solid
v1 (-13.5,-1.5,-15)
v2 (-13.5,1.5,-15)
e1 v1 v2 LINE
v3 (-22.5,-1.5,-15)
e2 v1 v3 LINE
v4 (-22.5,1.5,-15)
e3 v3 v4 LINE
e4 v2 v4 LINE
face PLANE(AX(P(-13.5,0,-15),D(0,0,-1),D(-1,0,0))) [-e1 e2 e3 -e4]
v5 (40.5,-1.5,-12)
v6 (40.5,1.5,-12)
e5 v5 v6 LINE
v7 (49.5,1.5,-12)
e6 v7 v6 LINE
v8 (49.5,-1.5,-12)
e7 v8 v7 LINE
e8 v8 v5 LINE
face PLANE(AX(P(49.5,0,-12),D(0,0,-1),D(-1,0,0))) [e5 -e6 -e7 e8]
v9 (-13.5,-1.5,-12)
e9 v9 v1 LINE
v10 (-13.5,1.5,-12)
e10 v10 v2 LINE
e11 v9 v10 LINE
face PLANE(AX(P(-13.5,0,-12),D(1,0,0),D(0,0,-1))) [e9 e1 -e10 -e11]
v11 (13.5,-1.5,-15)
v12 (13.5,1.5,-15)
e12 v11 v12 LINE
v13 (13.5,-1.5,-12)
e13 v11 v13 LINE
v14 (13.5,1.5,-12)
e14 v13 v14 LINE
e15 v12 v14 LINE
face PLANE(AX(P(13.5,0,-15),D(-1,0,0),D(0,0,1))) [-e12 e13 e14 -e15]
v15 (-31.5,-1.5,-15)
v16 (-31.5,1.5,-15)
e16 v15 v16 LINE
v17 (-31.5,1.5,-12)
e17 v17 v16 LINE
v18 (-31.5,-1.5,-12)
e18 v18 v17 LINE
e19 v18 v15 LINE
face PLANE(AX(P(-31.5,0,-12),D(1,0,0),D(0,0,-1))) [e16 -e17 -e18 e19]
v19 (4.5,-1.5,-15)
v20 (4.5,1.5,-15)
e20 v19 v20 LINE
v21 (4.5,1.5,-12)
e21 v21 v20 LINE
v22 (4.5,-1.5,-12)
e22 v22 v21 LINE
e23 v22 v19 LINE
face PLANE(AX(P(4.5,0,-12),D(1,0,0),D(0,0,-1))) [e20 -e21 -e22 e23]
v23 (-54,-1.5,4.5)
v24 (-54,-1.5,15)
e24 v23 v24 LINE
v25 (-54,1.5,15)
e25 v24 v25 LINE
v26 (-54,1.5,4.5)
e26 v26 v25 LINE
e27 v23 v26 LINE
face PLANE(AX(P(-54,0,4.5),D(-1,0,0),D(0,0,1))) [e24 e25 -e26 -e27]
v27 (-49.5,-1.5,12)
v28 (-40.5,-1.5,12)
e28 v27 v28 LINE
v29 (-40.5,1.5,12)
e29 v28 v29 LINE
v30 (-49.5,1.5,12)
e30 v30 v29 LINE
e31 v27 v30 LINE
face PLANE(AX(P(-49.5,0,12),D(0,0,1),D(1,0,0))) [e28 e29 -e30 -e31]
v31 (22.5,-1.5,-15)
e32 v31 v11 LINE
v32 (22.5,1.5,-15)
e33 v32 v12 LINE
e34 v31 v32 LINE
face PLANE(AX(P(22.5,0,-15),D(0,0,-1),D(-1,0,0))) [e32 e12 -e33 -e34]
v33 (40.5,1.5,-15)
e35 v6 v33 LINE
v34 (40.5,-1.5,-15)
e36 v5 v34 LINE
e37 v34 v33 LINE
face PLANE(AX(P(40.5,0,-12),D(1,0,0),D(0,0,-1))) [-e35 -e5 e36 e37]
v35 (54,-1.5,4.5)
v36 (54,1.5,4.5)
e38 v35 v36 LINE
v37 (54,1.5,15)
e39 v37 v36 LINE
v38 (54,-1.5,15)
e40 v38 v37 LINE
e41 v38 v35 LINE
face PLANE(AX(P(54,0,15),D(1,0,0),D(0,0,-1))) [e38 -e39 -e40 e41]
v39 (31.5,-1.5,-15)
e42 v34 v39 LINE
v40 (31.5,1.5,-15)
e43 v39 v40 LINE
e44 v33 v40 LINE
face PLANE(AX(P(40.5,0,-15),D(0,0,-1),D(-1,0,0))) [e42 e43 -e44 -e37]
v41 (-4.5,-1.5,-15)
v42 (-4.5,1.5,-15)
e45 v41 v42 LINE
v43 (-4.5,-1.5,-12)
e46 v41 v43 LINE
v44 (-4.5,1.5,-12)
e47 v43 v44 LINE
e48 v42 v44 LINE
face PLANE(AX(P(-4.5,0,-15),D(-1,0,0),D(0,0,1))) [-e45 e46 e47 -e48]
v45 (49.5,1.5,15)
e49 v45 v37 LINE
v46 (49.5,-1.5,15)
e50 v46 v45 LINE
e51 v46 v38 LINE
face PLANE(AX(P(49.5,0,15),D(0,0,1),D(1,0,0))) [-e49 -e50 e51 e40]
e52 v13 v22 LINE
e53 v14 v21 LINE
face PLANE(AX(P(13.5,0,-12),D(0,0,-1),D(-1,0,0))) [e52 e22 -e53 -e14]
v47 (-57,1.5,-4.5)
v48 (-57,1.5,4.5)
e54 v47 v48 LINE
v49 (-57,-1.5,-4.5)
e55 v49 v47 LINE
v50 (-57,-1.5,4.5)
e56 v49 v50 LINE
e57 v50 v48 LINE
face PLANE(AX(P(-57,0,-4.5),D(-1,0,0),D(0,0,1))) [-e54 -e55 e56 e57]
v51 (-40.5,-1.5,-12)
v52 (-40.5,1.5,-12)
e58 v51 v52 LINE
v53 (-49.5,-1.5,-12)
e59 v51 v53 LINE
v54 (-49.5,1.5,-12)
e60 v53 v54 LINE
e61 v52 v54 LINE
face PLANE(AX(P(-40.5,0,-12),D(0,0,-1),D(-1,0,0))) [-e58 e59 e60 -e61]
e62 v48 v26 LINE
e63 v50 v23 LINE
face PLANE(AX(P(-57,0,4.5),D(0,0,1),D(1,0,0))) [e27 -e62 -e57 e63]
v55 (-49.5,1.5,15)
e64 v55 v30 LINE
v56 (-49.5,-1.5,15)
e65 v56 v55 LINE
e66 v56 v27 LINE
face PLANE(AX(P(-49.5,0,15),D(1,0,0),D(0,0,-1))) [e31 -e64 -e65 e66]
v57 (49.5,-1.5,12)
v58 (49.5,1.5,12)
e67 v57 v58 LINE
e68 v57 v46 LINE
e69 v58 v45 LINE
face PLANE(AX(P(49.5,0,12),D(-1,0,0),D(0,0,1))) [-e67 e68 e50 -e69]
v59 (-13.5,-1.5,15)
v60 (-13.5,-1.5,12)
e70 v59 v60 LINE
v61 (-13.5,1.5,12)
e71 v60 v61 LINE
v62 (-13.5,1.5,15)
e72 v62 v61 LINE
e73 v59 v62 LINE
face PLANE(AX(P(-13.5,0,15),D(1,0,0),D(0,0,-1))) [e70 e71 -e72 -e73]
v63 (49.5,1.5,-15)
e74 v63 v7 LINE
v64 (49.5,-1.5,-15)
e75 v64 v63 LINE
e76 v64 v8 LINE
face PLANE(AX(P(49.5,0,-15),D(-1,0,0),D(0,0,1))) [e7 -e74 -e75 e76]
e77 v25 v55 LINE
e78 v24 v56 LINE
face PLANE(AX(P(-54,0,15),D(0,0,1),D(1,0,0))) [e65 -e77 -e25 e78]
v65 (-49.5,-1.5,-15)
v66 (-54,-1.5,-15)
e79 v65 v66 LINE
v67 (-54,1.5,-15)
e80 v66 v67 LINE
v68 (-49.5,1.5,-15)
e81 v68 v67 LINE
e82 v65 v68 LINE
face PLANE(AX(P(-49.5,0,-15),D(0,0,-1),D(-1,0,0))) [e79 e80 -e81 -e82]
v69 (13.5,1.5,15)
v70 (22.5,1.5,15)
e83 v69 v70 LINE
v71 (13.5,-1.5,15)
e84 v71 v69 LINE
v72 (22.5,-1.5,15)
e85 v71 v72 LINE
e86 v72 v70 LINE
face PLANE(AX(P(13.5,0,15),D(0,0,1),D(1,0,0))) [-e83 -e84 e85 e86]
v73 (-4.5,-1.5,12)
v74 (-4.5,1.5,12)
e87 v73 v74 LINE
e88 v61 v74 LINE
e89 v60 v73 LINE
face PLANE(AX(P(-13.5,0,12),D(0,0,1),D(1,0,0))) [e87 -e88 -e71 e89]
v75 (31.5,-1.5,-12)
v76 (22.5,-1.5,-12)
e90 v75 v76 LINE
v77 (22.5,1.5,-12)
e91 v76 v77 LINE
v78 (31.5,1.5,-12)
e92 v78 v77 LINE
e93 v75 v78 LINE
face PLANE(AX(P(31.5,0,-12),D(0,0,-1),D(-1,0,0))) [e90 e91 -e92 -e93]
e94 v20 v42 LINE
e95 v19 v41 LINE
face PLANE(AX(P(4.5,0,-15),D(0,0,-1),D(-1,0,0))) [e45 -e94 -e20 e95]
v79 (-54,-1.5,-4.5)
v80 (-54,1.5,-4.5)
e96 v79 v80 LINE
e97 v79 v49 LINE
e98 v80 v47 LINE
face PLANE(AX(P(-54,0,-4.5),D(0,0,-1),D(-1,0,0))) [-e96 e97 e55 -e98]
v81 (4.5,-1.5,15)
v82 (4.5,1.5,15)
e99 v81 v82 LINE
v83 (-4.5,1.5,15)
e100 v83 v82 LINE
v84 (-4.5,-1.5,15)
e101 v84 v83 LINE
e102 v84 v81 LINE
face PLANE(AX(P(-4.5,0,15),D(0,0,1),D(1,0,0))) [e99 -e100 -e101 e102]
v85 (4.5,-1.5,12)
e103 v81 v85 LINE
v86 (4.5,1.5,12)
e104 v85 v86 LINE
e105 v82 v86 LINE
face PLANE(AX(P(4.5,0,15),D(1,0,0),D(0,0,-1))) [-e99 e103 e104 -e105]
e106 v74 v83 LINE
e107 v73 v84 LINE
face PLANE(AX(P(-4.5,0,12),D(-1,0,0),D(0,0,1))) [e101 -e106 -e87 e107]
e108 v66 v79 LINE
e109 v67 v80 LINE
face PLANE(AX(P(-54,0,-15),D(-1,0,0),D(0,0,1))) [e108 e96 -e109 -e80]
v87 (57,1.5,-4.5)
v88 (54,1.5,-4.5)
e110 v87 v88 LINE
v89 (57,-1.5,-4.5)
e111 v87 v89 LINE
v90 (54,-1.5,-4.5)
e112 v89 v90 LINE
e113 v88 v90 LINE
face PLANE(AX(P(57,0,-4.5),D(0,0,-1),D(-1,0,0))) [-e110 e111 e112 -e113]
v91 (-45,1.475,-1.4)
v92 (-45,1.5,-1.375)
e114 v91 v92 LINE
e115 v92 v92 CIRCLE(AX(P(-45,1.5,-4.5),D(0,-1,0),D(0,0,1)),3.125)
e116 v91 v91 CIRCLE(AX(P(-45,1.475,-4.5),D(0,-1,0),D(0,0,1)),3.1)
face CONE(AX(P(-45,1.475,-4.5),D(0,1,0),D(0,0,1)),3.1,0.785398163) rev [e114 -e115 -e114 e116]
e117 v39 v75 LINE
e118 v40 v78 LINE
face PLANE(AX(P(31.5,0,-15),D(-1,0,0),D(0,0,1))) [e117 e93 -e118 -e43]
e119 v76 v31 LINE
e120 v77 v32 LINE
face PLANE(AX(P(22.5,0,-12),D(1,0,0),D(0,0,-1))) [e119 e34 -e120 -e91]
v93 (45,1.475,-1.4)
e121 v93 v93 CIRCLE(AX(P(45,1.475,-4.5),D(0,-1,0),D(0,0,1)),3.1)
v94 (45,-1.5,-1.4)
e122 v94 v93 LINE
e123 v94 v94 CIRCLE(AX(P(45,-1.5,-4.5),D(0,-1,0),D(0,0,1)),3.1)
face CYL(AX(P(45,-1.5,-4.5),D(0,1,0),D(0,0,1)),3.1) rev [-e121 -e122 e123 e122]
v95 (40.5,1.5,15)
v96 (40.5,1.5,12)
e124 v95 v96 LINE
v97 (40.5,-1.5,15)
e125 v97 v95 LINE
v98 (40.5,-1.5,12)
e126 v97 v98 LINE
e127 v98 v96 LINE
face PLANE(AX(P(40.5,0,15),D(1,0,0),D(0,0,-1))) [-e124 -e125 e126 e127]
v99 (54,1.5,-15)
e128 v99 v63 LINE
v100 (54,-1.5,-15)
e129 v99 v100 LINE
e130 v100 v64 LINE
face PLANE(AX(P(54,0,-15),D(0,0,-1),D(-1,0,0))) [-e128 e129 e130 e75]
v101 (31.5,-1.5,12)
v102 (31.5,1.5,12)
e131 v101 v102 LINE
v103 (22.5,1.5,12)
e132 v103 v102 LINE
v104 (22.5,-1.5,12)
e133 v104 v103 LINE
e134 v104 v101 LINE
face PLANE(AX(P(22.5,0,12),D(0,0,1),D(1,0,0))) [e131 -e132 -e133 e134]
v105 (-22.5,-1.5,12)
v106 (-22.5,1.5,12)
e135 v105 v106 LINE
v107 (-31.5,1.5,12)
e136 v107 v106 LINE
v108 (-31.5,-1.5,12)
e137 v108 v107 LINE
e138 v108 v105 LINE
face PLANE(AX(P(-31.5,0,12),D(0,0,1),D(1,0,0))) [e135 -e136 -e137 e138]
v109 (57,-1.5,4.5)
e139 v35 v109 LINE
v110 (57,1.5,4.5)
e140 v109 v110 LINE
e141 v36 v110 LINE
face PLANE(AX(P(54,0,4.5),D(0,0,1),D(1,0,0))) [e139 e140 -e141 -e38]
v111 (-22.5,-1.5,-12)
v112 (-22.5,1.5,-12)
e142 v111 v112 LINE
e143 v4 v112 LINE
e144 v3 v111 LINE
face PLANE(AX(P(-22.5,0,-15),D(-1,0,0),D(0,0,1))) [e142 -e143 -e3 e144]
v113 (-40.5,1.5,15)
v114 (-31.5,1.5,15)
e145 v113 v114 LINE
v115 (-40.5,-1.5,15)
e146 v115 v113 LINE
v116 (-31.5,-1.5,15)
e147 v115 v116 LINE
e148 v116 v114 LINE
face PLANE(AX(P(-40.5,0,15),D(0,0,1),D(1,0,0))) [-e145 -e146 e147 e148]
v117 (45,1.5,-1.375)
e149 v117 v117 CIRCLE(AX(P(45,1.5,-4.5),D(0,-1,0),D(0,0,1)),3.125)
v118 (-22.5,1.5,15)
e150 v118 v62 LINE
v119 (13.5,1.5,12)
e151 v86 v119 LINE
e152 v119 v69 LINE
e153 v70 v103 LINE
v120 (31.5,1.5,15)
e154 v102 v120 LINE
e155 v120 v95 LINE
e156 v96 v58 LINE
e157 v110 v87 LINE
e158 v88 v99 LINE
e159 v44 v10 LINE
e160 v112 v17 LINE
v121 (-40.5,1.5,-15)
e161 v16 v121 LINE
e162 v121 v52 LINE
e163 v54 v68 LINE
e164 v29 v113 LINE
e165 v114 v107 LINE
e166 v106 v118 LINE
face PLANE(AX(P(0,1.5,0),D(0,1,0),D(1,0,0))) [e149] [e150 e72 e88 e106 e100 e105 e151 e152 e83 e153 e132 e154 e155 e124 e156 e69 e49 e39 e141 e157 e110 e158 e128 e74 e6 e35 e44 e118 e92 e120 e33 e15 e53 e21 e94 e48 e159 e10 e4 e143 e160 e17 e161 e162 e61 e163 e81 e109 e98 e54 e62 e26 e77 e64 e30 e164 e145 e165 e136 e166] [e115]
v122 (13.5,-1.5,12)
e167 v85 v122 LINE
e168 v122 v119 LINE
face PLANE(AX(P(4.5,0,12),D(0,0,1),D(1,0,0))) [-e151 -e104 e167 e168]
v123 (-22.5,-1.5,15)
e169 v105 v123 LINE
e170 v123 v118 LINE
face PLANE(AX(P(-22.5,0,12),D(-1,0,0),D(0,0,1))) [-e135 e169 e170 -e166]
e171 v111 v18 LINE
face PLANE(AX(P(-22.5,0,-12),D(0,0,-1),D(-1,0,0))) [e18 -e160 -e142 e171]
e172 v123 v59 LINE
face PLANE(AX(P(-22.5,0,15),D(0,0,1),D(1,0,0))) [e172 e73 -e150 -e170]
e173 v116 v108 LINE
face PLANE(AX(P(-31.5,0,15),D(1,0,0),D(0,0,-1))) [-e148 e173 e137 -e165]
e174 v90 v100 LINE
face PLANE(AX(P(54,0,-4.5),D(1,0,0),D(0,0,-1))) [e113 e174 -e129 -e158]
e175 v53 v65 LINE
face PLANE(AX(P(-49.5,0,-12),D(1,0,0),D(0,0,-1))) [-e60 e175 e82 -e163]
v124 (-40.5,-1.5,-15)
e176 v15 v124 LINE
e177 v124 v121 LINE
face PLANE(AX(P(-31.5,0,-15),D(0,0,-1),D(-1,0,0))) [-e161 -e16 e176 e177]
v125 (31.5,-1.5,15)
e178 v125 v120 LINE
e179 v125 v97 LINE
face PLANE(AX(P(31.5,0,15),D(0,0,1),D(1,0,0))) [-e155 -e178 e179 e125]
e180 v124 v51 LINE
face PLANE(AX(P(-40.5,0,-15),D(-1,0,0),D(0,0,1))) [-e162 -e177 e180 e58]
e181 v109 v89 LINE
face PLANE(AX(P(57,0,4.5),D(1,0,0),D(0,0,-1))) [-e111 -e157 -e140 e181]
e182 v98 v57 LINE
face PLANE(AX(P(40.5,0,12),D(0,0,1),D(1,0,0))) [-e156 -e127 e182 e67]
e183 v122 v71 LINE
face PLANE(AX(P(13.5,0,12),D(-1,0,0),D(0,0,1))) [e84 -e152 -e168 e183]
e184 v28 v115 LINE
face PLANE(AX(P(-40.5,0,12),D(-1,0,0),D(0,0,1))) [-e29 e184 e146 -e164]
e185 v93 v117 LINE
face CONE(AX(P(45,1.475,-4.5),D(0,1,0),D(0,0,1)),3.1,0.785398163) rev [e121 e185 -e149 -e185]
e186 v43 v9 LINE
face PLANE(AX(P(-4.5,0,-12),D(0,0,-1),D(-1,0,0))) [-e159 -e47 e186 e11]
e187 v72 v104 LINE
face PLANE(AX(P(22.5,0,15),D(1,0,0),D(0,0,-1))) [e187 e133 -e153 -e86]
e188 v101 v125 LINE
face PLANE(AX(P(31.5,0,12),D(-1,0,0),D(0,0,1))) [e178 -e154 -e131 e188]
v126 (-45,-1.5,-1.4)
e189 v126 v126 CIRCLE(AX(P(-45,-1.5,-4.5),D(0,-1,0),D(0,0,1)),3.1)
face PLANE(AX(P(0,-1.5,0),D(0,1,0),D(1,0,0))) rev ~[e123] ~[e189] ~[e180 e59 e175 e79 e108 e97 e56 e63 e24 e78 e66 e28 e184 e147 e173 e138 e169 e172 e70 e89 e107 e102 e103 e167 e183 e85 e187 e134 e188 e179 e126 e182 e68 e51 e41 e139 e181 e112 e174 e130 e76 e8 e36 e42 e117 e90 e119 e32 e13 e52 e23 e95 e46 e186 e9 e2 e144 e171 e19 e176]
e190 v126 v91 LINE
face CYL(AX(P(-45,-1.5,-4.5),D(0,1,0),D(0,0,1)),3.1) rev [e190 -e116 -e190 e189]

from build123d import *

# Parameters (mm, degrees)
BOSS_EXTRUDE1_DEPTH                 = 1.5
F_6_2_6_2_DIAMETER_HOLE1_AT_2_COUNT = 2
F_6_2_6_2_DIAMETER_HOLE1_AT_2_PITCH = 90


with BuildPart() as part:
    # Sketch1 → Boss-Extrude1 (new, symmetric)
    with BuildSketch(Plane(origin=(0, 0, 0), x_dir=(1, 0, 0), z_dir=(0, 1, 0))):
        Polygon((54, 15), (49.5, 15), (49.5, 12), (40.5, 12), (40.5, 15), (31.5, 15), (31.5, 12), (22.5, 12), (22.5, 15), (13.5, 15), (13.5, 12), (4.5, 12), (4.5, 15), (-4.5, 15), (-4.5, 12), (-13.5, 12), (-13.5, 15), (-22.5, 15), (-22.5, 12), (-31.5, 12), (-31.5, 15), (-40.5, 15), (-40.5, 12), (-49.5, 12), (-49.5, 15), (-54, 15), (-54, 12), (-54, 4.5), (-57, 4.5), (-57, -4.5), (-54, -4.5), (-54, -12), (-54, -15), (-49.5, -15), (-49.5, -12), (-40.5, -12), (-40.5, -15), (-31.5, -15), (-31.5, -12), (-22.5, -12), (-22.5, -15), (-13.5, -15), (-13.5, -12), (-4.5, -12), (-4.5, -15), (4.5, -15), (4.5, -12), (13.5, -12), (13.5, -15), (22.5, -15), (22.5, -12), (31.5, -12), (31.5, -15), (40.5, -15), (40.5, -12), (49.5, -12), (49.5, -15), (54, -15), (54, -12), (54, -4.5), (57, -4.5), (57, 4.5), (54, 4.5), (54, 12), align=None)
    extrude(amount=BOSS_EXTRUDE1_DEPTH, both=True)

    # Sketch4 → Ø6.2 (6.2) Diameter Hole1 (revolve, cut)
    with BuildSketch(Plane(origin=(-45, 1.5, -4.5), x_dir=(0, 0, 1), z_dir=(1, 0, 0))):
        Polygon((0, 0), (0, 3), (3.1, 3), (3.1, 0.025), (3.125, 0), align=None)
    f_6_2_6_2_diameter_hole1 = revolve(axis=Axis((-45, 7.85, -4.5), (0, -1, 0)), mode=Mode.SUBTRACT)

    # Ø6.2 (6.2) Diameter Hole1 at 2: Ø6.2 (6.2) Diameter Hole1 ×2
    with Locations(*[(i * F_6_2_6_2_DIAMETER_HOLE1_AT_2_PITCH, 0, 0) for i in range(1, F_6_2_6_2_DIAMETER_HOLE1_AT_2_COUNT)]):
        add(f_6_2_6_2_diameter_hole1, mode=Mode.SUBTRACT)


solid = part.part
